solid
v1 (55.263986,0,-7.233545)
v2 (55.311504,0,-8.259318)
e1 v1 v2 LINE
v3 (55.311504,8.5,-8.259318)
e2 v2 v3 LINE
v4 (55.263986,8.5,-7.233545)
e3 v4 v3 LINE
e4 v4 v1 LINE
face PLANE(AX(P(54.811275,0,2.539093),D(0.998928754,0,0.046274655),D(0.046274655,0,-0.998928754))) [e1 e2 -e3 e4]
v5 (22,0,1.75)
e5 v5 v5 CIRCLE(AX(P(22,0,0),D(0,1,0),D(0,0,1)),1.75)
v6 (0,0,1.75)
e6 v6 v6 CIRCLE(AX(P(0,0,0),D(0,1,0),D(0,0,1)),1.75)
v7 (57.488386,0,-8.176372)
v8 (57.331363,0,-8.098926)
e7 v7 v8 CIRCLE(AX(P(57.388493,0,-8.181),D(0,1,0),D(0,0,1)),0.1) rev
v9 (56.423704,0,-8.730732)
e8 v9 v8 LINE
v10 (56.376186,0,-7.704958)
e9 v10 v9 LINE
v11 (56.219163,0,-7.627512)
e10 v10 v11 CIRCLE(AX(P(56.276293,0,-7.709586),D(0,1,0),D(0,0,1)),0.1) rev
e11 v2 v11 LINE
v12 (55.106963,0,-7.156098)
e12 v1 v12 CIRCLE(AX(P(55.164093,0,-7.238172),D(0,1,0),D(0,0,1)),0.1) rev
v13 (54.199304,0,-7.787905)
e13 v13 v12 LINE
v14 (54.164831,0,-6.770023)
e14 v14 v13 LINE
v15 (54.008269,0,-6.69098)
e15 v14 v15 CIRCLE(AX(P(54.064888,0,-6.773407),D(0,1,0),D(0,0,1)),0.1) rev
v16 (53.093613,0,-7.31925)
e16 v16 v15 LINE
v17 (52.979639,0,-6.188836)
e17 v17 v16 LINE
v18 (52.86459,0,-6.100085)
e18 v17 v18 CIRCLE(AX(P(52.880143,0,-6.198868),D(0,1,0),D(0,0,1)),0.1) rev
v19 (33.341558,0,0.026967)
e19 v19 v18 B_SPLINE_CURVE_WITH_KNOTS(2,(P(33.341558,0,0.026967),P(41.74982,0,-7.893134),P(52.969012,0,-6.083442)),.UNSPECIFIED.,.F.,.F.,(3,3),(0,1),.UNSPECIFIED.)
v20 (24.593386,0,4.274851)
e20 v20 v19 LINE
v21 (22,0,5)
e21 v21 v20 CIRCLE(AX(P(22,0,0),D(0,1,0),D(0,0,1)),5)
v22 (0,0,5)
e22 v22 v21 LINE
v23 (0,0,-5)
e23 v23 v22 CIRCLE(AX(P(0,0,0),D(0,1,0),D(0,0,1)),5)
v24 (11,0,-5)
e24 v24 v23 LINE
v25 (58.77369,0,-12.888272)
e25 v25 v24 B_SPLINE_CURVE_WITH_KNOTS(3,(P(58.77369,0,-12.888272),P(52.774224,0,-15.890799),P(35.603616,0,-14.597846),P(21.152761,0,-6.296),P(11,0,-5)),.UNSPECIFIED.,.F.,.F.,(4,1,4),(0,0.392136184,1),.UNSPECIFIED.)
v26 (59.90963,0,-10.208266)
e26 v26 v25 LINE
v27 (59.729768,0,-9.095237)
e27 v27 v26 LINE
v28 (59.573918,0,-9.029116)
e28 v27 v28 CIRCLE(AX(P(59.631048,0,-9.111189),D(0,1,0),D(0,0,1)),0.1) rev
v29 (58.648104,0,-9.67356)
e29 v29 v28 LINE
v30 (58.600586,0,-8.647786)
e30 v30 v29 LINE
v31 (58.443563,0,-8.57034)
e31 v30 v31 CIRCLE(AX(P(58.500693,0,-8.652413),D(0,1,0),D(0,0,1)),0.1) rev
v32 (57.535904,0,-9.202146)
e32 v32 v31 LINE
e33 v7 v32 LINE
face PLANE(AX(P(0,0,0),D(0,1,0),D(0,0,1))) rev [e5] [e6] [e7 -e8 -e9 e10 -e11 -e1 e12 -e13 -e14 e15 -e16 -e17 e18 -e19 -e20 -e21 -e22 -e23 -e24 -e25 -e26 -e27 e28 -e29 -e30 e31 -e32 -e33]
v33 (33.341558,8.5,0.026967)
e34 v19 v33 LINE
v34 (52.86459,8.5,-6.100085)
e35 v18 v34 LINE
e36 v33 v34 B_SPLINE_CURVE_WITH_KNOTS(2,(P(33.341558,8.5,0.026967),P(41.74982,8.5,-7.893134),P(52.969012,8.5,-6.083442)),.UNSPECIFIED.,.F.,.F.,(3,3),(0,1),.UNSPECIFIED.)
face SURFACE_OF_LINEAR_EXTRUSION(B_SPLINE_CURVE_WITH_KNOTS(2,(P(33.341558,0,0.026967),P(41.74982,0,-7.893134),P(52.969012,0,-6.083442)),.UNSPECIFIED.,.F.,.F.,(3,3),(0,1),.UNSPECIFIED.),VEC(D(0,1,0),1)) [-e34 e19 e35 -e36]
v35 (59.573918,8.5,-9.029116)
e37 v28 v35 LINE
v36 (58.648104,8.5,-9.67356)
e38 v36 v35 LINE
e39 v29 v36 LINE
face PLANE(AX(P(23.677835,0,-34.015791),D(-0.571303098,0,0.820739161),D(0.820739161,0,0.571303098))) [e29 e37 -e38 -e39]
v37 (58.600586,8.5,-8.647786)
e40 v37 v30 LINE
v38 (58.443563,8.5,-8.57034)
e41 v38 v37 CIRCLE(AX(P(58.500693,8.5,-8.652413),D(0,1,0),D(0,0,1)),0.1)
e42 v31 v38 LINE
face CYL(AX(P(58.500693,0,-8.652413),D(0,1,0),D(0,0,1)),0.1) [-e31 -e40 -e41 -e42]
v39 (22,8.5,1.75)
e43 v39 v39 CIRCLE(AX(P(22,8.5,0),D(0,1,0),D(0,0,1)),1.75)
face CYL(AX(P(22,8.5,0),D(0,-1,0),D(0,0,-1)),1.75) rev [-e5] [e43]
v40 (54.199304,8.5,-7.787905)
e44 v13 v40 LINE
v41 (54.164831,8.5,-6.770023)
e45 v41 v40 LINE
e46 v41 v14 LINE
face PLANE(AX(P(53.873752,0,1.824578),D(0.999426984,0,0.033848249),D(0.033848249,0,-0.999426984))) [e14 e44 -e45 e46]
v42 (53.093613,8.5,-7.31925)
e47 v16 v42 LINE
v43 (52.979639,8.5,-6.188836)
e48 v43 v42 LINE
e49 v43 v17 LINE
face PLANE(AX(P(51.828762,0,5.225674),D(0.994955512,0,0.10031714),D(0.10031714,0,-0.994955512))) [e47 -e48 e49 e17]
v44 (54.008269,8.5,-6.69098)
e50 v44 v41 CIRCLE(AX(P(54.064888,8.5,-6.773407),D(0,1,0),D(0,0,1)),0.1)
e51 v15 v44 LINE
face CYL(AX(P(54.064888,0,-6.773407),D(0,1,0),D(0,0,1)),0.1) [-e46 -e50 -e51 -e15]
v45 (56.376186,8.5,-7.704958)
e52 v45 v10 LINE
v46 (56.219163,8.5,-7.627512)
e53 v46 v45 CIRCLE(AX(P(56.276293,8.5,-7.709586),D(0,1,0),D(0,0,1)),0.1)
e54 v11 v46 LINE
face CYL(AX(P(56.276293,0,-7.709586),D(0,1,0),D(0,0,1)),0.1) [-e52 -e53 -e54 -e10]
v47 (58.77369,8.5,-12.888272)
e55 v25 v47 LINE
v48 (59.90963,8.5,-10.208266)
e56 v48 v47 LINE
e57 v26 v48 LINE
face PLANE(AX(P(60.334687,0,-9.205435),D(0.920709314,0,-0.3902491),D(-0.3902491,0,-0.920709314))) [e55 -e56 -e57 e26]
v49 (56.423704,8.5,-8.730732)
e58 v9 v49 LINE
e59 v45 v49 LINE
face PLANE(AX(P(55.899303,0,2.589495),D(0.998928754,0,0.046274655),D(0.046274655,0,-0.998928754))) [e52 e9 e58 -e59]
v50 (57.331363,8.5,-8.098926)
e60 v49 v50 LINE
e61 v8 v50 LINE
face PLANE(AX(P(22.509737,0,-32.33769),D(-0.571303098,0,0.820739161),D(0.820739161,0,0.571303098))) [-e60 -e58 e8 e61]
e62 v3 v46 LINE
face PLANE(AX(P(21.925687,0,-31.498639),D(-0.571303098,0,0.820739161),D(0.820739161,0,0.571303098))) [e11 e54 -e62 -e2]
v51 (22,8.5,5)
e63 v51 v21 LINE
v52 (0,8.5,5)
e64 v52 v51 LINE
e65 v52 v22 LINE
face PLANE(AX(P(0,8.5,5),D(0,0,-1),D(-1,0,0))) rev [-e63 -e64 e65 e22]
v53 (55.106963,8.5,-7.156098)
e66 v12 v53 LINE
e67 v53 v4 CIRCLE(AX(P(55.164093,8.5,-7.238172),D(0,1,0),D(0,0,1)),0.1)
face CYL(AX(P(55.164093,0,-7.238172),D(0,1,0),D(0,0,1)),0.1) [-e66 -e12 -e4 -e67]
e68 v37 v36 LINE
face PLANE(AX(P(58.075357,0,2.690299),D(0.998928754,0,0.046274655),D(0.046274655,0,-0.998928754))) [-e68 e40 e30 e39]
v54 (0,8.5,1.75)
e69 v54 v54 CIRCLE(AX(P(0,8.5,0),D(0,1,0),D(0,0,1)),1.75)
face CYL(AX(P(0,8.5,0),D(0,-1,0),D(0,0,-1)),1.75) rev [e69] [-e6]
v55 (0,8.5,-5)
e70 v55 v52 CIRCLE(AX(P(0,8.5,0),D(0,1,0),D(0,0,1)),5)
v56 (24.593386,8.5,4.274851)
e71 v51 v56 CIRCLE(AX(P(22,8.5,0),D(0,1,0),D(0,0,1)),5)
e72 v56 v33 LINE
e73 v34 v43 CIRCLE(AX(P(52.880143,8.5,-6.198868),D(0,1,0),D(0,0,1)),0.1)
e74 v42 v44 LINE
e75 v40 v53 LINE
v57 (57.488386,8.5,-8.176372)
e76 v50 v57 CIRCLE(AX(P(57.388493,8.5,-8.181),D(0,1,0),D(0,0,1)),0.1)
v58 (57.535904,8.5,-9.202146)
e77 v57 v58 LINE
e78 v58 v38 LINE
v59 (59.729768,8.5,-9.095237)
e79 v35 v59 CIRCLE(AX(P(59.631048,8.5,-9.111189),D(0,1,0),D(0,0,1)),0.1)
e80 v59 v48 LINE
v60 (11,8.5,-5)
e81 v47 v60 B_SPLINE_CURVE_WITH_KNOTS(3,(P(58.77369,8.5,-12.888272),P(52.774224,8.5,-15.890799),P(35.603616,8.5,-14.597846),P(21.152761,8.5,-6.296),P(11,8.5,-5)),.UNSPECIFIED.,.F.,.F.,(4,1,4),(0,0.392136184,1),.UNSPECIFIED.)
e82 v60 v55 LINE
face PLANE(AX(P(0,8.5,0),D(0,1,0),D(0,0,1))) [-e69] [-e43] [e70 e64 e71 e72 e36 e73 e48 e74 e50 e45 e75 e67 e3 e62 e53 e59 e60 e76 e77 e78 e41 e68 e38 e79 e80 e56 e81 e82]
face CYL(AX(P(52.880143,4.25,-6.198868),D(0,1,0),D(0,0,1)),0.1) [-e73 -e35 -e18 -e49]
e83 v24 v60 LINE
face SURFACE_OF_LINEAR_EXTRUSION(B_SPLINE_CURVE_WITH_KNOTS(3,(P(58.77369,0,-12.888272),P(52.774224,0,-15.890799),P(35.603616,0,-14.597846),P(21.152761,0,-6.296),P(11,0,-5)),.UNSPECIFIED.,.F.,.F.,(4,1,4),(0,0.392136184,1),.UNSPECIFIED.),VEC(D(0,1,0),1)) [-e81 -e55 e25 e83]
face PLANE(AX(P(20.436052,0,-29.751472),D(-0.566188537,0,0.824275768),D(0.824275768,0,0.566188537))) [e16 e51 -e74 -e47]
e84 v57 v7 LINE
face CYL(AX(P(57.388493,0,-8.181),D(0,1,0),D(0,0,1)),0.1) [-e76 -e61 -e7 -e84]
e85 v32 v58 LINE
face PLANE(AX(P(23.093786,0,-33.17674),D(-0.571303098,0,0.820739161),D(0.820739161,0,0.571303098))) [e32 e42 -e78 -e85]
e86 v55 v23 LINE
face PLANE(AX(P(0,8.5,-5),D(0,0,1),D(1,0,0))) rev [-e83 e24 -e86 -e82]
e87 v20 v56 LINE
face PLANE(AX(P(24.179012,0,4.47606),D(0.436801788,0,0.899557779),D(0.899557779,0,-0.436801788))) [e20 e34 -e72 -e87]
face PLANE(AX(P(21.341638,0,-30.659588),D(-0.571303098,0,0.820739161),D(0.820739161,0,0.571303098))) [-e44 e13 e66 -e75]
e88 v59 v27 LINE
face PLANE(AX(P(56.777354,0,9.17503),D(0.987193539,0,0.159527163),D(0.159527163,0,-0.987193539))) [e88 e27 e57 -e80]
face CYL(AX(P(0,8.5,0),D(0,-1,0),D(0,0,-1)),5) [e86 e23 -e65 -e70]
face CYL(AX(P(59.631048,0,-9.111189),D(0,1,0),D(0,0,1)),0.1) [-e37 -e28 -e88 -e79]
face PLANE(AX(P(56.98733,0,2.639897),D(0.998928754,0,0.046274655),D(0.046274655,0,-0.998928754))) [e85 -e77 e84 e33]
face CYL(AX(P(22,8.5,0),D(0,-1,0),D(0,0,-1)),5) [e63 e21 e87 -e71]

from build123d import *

# Parameters (mm, degrees)
SKETCH1_R           = 1.75
BOSS_EXTRUDE1_DEPTH = 8.5
BOSS_EXTRUDE2_DEPTH = 8.5
CUT_EXTRUDE1_DEPTH  = 8.5
FILLET1_R           = 0.1


with BuildPart() as part:
    # Sketch1 → Boss-Extrude1 (new body)
    with BuildSketch(Plane(origin=(0, 0, 0), x_dir=(1, 0, 0), z_dir=(0, 1, 0))):
        with BuildLine():
            Line((0, 5), (22, 5))
            ThreePointArc((22, 5), (27, 0), (22, -5))
            Line((22, -5), (0, -5))
            ThreePointArc((0, -5), (-5, 0), (0, 5))
        make_face()
        with Locations(Location((0, 0, 0), (0, 0, 270))):
            Circle(SKETCH1_R, mode=Mode.SUBTRACT)
        with Locations(Location((22, 0, 0), (0, 0, 270))):
            Circle(SKETCH1_R, mode=Mode.SUBTRACT)
    extrude(amount=BOSS_EXTRUDE1_DEPTH)

    # Sketch2 → Boss-Extrude2 (add)
    with BuildSketch(Plane(origin=(0, 8.5, 0), x_dir=(1, 0, 0), z_dir=(0, 1, 0))):
        with BuildLine():
            Line((24.179012082, -4.476059884), (33.341557569, -0.026966843))
            add(Edge.make_bspline(
                [(33.341557569, -0.026966843), (41.749820473, 7.89313442), (52.969012082, 6.083442161)],
                knots=[0, 0, 0, 1, 1, 1], degree=2))
            Line((52.969012082, 6.083442161), (60.334686591, 9.205434959))
            Line((60.334686591, 9.205434959), (58.773690192, 12.888272213))
            add(Edge.make_bspline(
                [(58.773690192, 12.888272213), (52.774224243, 15.890799399), (35.603615653, 14.597846237), (21.152761079, 6.296000311), (11, 5)],
                knots=[0, 0, 0, 0, 0.392136184, 1, 1, 1, 1], degree=3))
            Line((11, 5), (22, 5))
            ThreePointArc((22, 5), (26.8616817, 1.129378711), (24.179012082, -4.476059884))
        make_face()
    extrude(amount=-BOSS_EXTRUDE2_DEPTH)

    # Sketch3 → Cut-Extrude1 (cut)
    with BuildSketch(Plane(origin=(0, 8.5, 0), x_dir=(1, 0, 0), z_dir=(0, 1, 0))):
        Polygon((53.093613314, 7.319249743), (52.969012082, 6.083442161), (54.158655304, 6.587680784), align=None)
        Polygon((54.199304069, 7.787904524), (54.158655304, 6.587680784), (55.255605115, 7.052630654), align=None)
        Polygon((55.31150405, 8.259318286), (55.255605115, 7.052630654), (56.367805096, 7.524044416), align=None)
        Polygon((56.423704031, 8.730732048), (56.367805096, 7.524044416), (57.480005077, 7.995458178), align=None)
        Polygon((57.535904012, 9.202145811), (57.480005077, 7.995458178), (58.592205058, 8.46687194), align=None)
        Polygon((58.648103993, 9.673559573), (58.592205058, 8.46687194), (59.704405039, 8.938285702), align=None)
        Polygon((59.909629601, 10.208266049), (59.704405039, 8.938285702), (60.334686591, 9.205434959), align=None)
    extrude(amount=-CUT_EXTRUDE1_DEPTH, mode=Mode.SUBTRACT)

    # Fillet1
    fillet1_edges = [part.edges().sort_by_distance(p)[0] for p in [
        (57.480005077, 4.25, -7.995458178),
        (59.704405039, 4.25, -8.938285702),
        (52.969012082, 4.25, -6.083442161),
        (54.158655304, 4.25, -6.587680784),
        (56.367805096, 4.25, -7.524044416),
        (58.592205058, 4.25, -8.46687194),
        (55.255605115, 4.25, -7.052630654),
    ]]
    fillet(fillet1_edges, radius=FILLET1_R)


solid = part.part
